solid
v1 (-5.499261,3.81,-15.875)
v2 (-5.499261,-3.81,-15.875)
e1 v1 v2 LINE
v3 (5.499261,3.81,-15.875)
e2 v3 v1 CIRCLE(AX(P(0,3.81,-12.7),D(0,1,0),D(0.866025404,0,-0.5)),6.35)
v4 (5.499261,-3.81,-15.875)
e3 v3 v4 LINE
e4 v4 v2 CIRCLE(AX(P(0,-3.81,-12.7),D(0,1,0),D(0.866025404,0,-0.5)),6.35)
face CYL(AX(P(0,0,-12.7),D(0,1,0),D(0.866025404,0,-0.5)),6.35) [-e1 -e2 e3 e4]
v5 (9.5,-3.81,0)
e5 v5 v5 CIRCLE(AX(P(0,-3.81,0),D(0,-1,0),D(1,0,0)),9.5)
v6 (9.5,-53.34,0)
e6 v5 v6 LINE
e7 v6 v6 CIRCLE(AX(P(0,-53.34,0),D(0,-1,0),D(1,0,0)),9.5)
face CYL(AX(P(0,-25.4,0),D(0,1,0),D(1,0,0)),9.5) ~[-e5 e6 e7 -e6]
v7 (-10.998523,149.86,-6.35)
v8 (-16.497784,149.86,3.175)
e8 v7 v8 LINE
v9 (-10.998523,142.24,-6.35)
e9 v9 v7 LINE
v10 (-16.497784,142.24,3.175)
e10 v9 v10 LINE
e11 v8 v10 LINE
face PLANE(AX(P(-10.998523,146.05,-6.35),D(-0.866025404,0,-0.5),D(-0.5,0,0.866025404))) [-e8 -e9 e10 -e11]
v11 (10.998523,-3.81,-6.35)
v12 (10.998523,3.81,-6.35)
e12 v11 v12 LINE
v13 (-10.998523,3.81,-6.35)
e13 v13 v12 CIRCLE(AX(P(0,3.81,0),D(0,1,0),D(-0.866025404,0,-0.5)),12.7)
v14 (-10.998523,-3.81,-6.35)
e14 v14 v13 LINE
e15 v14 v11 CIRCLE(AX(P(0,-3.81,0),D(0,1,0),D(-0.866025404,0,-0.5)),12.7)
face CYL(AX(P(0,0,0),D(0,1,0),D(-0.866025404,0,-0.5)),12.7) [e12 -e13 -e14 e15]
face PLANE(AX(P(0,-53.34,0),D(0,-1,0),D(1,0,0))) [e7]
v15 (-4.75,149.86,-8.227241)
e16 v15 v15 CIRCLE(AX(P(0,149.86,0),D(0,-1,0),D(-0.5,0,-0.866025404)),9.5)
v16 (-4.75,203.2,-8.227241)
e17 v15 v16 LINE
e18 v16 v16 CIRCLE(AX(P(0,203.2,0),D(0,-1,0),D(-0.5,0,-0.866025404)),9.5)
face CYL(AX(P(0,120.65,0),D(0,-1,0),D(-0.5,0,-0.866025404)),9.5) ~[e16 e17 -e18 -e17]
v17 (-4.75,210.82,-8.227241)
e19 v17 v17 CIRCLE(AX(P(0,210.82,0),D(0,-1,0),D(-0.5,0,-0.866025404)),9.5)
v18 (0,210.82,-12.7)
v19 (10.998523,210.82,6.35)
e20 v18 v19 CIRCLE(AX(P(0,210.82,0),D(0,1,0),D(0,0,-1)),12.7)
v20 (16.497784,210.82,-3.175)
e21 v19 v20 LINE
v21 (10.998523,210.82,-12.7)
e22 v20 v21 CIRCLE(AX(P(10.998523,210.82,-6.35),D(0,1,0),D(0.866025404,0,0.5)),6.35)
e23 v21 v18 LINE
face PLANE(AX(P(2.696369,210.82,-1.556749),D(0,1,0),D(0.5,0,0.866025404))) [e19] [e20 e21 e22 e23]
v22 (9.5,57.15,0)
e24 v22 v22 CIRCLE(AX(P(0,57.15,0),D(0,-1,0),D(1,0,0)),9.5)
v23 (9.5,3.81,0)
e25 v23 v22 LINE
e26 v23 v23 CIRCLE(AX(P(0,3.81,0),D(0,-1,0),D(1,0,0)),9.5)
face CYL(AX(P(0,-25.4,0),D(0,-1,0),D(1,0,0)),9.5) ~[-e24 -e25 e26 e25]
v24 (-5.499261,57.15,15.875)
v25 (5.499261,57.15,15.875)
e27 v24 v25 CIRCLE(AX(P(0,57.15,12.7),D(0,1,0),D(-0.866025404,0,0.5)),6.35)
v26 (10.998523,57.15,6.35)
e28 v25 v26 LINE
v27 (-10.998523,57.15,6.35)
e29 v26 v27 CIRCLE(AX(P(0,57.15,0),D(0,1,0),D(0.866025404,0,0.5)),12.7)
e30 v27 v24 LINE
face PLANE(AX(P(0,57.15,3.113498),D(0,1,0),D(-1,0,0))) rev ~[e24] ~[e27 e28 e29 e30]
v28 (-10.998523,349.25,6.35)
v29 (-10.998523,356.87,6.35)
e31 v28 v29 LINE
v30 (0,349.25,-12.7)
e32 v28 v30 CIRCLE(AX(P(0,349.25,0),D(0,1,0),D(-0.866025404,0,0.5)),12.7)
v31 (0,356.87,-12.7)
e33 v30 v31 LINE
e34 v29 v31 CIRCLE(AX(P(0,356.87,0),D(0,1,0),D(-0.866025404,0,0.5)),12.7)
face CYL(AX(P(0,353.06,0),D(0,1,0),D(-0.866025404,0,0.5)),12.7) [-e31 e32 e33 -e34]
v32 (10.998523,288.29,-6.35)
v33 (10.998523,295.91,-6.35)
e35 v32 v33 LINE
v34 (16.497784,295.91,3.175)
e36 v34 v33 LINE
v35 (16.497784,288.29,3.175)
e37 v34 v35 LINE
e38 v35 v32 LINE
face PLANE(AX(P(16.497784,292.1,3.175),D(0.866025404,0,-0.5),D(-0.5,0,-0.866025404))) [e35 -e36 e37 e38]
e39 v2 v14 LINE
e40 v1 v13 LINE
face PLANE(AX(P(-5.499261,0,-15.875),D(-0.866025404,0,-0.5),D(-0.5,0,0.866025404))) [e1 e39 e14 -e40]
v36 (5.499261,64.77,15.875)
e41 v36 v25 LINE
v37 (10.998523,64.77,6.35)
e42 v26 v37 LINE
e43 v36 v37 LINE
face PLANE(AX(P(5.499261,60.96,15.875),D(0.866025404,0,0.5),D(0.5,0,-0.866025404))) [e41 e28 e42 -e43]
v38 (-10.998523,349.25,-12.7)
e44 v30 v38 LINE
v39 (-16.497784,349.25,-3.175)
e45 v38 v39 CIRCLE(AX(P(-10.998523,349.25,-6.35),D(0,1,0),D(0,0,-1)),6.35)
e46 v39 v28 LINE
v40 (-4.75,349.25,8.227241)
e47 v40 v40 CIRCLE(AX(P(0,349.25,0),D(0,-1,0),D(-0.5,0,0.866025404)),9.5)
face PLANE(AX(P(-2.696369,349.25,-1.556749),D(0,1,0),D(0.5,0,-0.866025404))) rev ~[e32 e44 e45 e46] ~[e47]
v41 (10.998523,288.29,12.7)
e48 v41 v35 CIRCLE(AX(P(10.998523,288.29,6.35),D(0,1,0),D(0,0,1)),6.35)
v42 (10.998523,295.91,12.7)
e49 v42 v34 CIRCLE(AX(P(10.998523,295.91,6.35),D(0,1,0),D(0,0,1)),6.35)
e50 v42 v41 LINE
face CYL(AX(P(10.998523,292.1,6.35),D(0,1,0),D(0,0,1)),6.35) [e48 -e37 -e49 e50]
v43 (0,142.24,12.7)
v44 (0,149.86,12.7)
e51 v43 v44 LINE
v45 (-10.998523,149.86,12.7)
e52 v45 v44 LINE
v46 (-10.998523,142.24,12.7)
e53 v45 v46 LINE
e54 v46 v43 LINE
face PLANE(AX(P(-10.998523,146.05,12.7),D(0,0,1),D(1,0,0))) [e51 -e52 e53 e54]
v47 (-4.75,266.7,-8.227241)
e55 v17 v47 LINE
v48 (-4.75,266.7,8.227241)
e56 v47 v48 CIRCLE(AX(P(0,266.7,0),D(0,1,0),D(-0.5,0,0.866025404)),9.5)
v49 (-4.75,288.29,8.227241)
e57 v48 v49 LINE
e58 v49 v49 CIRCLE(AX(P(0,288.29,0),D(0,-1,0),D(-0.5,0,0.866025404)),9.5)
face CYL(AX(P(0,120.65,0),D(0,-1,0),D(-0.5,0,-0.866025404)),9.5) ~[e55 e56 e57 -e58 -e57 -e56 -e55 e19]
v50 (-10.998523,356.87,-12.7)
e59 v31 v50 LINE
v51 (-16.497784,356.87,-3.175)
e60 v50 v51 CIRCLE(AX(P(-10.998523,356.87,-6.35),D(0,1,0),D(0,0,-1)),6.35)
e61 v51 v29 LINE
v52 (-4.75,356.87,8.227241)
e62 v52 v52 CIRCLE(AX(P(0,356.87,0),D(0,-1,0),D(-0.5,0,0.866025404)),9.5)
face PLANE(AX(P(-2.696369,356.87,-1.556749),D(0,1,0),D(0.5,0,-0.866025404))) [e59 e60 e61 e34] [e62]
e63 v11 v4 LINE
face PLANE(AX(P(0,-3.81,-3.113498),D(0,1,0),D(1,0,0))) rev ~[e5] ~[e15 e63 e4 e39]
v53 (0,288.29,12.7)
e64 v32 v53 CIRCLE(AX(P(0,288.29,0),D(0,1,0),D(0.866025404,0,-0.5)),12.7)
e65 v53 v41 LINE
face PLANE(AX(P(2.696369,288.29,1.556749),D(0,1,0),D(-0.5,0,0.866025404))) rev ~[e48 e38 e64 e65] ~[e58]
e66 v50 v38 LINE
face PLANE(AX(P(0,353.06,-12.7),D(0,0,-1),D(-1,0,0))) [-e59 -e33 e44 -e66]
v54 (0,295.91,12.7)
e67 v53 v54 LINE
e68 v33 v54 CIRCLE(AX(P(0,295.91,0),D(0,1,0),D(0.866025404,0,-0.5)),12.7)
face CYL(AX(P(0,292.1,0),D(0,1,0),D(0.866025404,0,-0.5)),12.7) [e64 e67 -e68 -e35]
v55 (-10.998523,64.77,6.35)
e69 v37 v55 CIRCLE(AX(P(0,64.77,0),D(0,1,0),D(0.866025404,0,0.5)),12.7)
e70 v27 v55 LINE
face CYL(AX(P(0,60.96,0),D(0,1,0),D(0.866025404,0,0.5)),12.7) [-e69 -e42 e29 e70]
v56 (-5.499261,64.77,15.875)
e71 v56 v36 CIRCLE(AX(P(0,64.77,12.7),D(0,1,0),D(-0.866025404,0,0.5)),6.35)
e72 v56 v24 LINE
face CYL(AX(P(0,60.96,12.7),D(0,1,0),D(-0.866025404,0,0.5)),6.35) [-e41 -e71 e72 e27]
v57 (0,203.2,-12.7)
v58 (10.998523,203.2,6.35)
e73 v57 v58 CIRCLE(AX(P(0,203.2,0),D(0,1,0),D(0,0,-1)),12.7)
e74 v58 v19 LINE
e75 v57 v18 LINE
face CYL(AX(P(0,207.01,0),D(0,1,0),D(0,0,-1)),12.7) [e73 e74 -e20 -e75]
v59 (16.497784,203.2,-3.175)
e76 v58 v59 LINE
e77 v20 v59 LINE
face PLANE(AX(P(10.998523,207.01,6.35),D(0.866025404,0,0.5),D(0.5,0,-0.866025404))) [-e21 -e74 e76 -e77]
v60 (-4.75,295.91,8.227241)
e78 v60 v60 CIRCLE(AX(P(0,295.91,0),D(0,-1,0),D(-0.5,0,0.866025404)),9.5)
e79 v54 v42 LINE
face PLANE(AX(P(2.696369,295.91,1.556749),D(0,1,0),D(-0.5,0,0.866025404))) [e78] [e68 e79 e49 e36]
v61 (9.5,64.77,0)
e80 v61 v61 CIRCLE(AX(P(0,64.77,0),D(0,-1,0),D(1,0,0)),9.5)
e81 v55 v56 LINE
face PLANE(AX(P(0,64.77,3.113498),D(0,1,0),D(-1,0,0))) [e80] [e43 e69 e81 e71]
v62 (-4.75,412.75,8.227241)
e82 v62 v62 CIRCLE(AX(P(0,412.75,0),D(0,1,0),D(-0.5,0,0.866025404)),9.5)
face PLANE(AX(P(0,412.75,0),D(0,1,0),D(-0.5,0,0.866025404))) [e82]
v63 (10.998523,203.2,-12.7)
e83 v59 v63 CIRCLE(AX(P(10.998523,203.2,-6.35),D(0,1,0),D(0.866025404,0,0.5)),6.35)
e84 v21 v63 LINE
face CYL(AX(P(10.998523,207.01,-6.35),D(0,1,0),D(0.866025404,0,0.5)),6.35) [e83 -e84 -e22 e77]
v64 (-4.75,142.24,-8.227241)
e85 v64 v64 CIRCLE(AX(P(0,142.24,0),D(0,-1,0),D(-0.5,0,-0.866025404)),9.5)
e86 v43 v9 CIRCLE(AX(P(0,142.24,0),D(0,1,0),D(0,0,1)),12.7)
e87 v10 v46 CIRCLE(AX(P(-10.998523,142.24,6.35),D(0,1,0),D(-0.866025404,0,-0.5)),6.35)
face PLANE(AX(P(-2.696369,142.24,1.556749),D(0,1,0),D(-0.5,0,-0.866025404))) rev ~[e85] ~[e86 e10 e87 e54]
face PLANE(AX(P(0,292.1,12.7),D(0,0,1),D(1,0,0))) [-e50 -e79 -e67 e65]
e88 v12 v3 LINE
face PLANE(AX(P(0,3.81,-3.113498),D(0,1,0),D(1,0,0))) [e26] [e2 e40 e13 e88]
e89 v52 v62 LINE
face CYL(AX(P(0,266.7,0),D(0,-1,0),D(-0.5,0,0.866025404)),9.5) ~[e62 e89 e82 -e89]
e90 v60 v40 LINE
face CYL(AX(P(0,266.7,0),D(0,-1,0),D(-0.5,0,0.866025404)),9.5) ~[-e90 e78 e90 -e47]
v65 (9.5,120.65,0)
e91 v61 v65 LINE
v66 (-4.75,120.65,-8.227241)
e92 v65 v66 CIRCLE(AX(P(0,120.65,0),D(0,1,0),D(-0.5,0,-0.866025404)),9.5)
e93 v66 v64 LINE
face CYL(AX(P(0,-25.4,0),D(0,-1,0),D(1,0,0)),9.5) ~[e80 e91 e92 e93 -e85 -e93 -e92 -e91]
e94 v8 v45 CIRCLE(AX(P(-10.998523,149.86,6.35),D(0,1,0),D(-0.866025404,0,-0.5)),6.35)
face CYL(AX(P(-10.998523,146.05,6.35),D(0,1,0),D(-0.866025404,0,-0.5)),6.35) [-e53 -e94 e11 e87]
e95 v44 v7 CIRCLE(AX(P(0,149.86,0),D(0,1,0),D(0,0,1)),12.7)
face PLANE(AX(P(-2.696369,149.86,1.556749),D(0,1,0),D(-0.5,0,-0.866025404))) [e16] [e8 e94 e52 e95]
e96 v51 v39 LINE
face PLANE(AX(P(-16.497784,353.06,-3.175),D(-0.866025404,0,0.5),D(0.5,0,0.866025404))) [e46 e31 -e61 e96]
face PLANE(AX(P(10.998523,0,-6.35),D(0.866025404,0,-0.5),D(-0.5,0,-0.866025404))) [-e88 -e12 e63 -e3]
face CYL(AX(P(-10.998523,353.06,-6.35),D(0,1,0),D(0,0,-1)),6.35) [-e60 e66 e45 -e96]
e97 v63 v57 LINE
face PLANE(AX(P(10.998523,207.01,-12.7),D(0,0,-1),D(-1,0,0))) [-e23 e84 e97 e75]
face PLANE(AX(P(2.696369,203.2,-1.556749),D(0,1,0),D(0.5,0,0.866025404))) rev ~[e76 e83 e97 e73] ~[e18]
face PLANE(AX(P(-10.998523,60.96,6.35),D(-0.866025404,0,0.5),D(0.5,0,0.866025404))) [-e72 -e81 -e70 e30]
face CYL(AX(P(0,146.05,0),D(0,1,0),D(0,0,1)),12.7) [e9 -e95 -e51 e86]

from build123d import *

# Parameters (mm, degrees)
SALIENTE_EXTRUIR1_DEPTH    = 3.81
S_LIDO_MOVER_COPIAR2_ANGLE = 180
SALIENTE_EXTRUIR2_START    = -25.4
CROQUIS2_R                 = 9.5
SALIENTE_EXTRUIR2_DEPTH    = 146.05
MATRIZL1_COUNT             = 3
MATRIZL1_PITCH             = 146.05
S_LIDO_MOVER_COPIAR3_ANGLE = 120
S_LIDO_MOVER_COPIAR4_ANGLE = 120
CROQUIS3_R                 = 9.5
SALIENTE_EXTRUIR3_DEPTH    = 27.94


with BuildPart() as part:
    # Croquis1 → Saliente-Extruir1 (new body, symmetric)
    with BuildSketch(Plane(origin=(0, 0, 0), x_dir=(1, 0, 0), z_dir=(0, 1, 0))):
        with BuildLine():
            Line((-5.499261314, 15.875), (-10.998522628, 6.35))
            ThreePointArc((-10.998522628, 6.35), (0, -12.7), (10.998522628, 6.35))
            Line((10.998522628, 6.35), (5.499261314, 15.875))
            ThreePointArc((5.499261314, 15.875), (0, 19.05), (-5.499261314, 15.875))
        make_face()
    extrude(amount=SALIENTE_EXTRUIR1_DEPTH, both=True)


with BuildPart() as body_2:
    # S_lido-Mover_Copiar1: copy of part
    add(part.part.moved(Location((0, 60.96, 0))))


with BuildPart() as body_2_1:
    # S_lido-Mover_Copiar2: moved
    add(body_2.part.rotate(Axis((0, 0, 0), (0, 1, 0)), S_LIDO_MOVER_COPIAR2_ANGLE))


with BuildPart() as part_1:
    add(part.part)

    add(body_2_1.part)  # Saliente-Extruir2 merges body 2
    # Croquis2 → Saliente-Extruir2 (add)
    with BuildSketch(Plane(origin=(0, 0, 0), x_dir=(1, 0, 0), z_dir=(0, 1, 0)).offset(SALIENTE_EXTRUIR2_START)):
        Circle(CROQUIS2_R)
    extrude(amount=SALIENTE_EXTRUIR2_DEPTH)


with BuildPart() as matrizl1_1:
    # MatrizL1: pattern copy
    add(part_1.part.moved(Location(Vector(0, 1, 0) * (1 * MATRIZL1_PITCH))))


with BuildPart() as matrizl1_2:
    # MatrizL1: pattern copy
    add(part_1.part.moved(Location(Vector(0, 1, 0) * (2 * MATRIZL1_PITCH))))


with BuildPart() as matrizl1_1_1:
    # S_lido-Mover_Copiar3: moved
    add(matrizl1_1.part.rotate(Axis((0, 0, 0), (0, 1, 0)), S_LIDO_MOVER_COPIAR3_ANGLE))


with BuildPart() as matrizl1_2_1:
    # S_lido-Mover_Copiar4: moved
    add(matrizl1_2.part.rotate(Axis((0, 0, 0), (0, -1, 0)), S_LIDO_MOVER_COPIAR4_ANGLE))


with BuildPart() as part_2:
    add(part_1.part)

    # Croquis3 → Saliente-Extruir3 (add)
    with BuildSketch(Plane.XZ.offset(25.4)):
        Circle(CROQUIS3_R)
    extrude(amount=SALIENTE_EXTRUIR3_DEPTH)


with BuildPart() as matrizl1_2_2:
    add(matrizl1_2_1.part)

    # Combinar1: union MatrizL1_1, part
    add(matrizl1_1_1.part)
    add(part_2.part)


solid = matrizl1_2_2.part
